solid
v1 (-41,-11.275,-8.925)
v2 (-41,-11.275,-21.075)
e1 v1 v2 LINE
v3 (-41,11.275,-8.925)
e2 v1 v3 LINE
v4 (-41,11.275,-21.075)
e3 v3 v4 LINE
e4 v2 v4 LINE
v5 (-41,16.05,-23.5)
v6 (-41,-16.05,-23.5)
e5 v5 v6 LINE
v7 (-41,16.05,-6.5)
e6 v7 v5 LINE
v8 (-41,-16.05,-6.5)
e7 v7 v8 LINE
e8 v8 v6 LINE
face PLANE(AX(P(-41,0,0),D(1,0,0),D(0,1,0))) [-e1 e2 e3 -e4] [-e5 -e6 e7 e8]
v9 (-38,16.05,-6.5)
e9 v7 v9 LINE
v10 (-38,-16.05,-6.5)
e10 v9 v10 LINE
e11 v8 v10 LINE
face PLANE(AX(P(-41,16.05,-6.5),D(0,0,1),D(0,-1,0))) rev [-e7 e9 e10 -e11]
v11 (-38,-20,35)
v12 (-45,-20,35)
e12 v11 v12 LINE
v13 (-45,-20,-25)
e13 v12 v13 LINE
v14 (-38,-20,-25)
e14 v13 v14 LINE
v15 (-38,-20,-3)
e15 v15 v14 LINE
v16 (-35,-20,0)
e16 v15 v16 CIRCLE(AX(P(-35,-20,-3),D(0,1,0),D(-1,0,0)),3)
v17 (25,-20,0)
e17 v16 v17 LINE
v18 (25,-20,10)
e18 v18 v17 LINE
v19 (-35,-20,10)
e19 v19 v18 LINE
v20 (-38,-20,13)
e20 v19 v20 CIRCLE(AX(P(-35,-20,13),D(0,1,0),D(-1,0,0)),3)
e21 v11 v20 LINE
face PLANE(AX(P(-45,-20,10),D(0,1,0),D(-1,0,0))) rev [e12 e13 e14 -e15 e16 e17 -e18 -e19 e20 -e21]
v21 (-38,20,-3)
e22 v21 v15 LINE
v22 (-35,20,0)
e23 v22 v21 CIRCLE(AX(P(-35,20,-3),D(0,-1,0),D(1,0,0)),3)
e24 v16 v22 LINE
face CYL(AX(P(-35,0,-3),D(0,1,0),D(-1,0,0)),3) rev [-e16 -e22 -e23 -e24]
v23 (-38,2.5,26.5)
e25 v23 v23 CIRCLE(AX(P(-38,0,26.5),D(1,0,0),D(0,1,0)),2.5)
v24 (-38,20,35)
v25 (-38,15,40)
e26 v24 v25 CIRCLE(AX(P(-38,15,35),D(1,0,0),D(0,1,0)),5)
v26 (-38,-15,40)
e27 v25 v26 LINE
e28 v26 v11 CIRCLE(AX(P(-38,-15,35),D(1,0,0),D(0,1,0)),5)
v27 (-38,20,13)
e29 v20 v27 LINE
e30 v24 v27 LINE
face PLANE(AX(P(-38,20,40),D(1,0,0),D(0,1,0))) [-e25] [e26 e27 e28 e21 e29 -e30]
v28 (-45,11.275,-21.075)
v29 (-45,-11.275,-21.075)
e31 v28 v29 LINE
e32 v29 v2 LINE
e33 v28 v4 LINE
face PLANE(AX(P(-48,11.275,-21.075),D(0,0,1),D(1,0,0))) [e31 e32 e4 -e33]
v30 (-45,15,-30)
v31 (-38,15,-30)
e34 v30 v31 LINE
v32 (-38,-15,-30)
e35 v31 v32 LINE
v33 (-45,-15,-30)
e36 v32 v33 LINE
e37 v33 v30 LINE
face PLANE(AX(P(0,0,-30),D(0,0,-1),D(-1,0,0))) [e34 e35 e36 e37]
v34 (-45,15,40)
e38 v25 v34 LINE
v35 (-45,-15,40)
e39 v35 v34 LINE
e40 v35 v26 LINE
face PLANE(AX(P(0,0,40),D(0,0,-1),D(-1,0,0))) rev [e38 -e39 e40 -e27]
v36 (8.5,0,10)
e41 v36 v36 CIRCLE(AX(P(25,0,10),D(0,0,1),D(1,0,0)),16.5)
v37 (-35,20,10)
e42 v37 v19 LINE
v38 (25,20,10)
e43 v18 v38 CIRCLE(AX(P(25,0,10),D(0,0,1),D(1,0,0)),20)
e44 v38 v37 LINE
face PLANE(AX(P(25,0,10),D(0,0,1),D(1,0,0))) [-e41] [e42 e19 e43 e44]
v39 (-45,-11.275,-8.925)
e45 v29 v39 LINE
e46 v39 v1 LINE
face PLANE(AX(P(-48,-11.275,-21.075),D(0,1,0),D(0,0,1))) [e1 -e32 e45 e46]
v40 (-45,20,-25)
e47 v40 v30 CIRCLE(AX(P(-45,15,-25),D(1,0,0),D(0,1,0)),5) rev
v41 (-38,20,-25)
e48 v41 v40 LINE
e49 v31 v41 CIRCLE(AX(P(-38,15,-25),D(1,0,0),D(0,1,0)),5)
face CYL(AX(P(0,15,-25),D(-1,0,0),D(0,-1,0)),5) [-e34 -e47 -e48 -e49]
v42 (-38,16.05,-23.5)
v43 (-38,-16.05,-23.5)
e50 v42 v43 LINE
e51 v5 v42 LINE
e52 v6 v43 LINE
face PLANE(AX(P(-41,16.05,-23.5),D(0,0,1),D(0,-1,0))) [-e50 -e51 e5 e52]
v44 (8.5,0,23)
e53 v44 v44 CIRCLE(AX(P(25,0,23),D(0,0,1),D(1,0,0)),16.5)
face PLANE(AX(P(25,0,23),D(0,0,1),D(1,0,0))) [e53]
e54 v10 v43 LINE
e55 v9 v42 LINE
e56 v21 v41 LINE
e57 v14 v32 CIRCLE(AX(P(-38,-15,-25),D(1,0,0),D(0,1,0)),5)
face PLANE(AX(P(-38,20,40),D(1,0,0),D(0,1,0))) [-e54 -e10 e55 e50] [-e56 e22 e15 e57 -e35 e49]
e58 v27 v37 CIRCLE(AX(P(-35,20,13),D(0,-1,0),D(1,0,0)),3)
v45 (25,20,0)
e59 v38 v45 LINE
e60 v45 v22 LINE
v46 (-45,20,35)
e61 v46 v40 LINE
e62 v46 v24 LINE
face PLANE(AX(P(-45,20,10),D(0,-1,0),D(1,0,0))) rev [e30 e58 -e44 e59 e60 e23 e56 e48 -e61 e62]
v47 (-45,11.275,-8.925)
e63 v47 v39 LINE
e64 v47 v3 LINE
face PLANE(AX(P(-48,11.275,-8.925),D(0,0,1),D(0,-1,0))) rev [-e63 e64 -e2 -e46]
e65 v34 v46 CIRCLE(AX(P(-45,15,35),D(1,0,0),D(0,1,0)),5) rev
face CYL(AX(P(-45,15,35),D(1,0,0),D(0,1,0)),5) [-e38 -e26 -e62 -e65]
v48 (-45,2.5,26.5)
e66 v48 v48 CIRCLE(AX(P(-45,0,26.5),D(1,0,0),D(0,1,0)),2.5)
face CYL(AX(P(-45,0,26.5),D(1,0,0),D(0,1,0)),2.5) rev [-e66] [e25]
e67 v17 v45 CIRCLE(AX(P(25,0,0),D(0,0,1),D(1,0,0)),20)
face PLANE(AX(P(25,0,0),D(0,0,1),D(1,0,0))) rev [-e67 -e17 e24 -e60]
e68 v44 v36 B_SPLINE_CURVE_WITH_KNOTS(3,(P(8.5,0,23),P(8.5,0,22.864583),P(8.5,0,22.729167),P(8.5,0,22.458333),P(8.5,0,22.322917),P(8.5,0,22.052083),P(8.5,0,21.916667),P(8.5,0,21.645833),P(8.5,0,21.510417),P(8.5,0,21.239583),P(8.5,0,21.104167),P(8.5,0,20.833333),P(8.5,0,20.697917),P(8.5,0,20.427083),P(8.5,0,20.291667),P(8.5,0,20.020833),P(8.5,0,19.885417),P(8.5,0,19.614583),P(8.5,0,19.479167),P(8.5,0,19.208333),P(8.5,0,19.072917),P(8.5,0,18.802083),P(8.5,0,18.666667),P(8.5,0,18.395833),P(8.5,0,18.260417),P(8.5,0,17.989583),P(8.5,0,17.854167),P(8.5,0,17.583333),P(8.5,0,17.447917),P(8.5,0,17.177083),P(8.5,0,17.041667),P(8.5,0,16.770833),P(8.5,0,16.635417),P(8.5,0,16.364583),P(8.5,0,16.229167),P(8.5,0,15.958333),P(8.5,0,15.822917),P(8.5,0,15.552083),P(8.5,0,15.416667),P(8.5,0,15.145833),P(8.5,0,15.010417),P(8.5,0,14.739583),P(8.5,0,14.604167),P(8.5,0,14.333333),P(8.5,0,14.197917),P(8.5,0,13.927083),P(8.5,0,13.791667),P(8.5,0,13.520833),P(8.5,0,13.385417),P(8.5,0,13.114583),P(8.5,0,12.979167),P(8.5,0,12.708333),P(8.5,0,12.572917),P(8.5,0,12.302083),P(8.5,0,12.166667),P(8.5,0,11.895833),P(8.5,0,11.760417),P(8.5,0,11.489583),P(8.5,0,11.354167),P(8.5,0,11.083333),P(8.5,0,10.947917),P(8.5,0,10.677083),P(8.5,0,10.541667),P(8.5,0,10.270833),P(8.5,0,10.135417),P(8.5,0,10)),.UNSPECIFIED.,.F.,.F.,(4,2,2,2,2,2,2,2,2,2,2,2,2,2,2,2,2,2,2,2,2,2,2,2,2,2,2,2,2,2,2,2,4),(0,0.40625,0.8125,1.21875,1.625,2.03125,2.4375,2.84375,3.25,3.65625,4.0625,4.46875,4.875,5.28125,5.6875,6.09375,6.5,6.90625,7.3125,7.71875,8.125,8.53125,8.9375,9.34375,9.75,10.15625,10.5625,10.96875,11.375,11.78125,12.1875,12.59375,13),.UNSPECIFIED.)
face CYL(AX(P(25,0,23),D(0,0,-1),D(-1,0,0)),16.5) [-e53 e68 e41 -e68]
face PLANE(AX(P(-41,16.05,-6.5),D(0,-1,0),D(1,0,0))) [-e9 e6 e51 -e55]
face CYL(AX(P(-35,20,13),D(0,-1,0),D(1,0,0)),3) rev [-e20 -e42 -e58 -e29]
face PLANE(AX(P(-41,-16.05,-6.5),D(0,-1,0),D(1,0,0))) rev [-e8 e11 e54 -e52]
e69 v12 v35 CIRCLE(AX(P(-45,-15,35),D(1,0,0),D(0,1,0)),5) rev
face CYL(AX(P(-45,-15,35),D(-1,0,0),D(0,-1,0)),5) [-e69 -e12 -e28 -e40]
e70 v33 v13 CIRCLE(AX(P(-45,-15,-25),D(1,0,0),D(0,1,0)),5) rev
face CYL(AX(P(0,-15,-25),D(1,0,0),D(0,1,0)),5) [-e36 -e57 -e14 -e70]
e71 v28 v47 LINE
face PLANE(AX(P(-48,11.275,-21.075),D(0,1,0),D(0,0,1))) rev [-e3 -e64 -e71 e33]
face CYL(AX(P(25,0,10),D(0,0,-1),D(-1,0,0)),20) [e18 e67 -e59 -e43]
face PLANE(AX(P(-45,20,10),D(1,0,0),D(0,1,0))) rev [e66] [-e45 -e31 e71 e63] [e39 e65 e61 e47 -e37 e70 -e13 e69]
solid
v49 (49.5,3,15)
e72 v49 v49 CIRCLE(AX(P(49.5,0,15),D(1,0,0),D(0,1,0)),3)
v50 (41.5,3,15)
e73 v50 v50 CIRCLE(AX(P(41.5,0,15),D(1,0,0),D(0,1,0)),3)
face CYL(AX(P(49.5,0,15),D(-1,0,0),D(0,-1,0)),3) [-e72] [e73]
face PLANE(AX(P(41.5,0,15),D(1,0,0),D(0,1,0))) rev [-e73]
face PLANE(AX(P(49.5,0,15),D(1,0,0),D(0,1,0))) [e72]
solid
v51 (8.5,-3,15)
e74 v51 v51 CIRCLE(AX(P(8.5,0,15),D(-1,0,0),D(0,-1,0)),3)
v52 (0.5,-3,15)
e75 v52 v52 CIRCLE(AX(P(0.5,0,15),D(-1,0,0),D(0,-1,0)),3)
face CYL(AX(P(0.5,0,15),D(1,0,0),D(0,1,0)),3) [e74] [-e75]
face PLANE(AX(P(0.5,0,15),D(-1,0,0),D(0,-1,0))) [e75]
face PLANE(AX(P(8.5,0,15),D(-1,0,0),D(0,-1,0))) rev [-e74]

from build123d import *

# Parameters (mm, degrees)
BOSS_EXTRUDE1_DEPTH      = 10
BOSS_EXTRUDE2_DEPTH      = 30
BOSS_EXTRUDE2_DEPTH_BACK = 40
SKETCH2_W                = 7
SKETCH2_H                = 40
SKETCH3_R                = 16.5
BOSS_EXTRUDE3_DEPTH      = 13
SKETCH4_W                = 12.15
SKETCH4_H                = 22.55
CUT_EXTRUDE1_DEPTH       = 10
SKETCH4_3_W              = 17
SKETCH4_3_H              = 32.1
CUT_EXTRUDE2_DEPTH       = 3
FILLET1_R                = 3
FILLET2_R                = 5
SKETCH5_R                = 3
BOSS_EXTRUDE4_DEPTH      = 8
CIRPATTERN3_COUNT        = 2
CIRPATTERN3_ANGLE        = 180
SKETCH6_R                = 2.5
CUT_EXTRUDE3_DEPTH       = 7


with BuildPart() as part:
    # Sketch1 → Boss-Extrude1 (new body)
    with BuildSketch(Plane.XY):
        with BuildLine():
            Line((-45, 20), (25, 20))
            ThreePointArc((25, 20), (45, 0), (25, -20))
            Line((25, -20), (-45, -20))
            Line((-45, -20), (-45, 20))
        make_face()
    extrude(amount=BOSS_EXTRUDE1_DEPTH)

    # Sketch2 → Boss-Extrude2 (add, two sides: drawn at the far end of the back side and taken through both)
    with BuildSketch(Plane(origin=(0, 0, 0), x_dir=(-1, 0, 0), z_dir=(0, 0, -1)).offset(-BOSS_EXTRUDE2_DEPTH_BACK)):
        with Locations((41.5, 0)):
            Rectangle(SKETCH2_W, SKETCH2_H)
    extrude(amount=BOSS_EXTRUDE2_DEPTH + BOSS_EXTRUDE2_DEPTH_BACK)

    # Sketch3 → Boss-Extrude3 (add)
    with BuildSketch(Plane.XY.offset(10)):
        with Locations((25, 0)):
            Circle(SKETCH3_R)
    extrude(amount=BOSS_EXTRUDE3_DEPTH)

    # Sketch4 → Cut-Extrude1 (cut)
    with BuildSketch(Plane(origin=(-38, 0, 0), x_dir=(0, 0, -1), z_dir=(1, 0, 0))):
        with Locations((15, 0)):
            Rectangle(SKETCH4_W, SKETCH4_H)
    extrude(amount=-CUT_EXTRUDE1_DEPTH, mode=Mode.SUBTRACT)

    # Sketch4<3> → Cut-Extrude2 (cut)
    with BuildSketch(Plane(origin=(-38, 0, 0), x_dir=(0, 0, -1), z_dir=(1, 0, 0))):
        with Locations((15, 0)):
            Rectangle(SKETCH4_3_W, SKETCH4_3_H)
    extrude(amount=-CUT_EXTRUDE2_DEPTH, mode=Mode.SUBTRACT)

    # Fillet1
    fillet1_edges = [part.edges().sort_by_distance(p)[0] for p in [
        (-38, 0, 10),
        (-38, 0, 0),
    ]]
    fillet(fillet1_edges, radius=FILLET1_R)

    # Fillet2
    fillet2_edges = [part.edges().sort_by_distance(p)[0] for p in [
        (-41.5, -20, 40),
        (-41.5, 20, 40),
        (-41.5, -20, -30),
        (-41.5, 20, -30),
    ]]
    fillet(fillet2_edges, radius=FILLET2_R)

    # Sketch6 → Cut-Extrude3 (cut)
    with BuildSketch(Plane(origin=(-38, 0, 0), x_dir=(0, 0, -1), z_dir=(1, 0, 0))):
        with Locations((-26.5, 0)):
            Circle(SKETCH6_R)
    extrude(amount=-CUT_EXTRUDE3_DEPTH, mode=Mode.SUBTRACT)


with BuildPart() as body_2:
    # Sketch5 → Boss-Extrude4 (new body)
    with BuildSketch(Plane(origin=(41.5, 0, 0), x_dir=(0, 0, -1), z_dir=(1, 0, 0))):
        with Locations((-15, 0)):
            Circle(SKETCH5_R)
    extrude(amount=BOSS_EXTRUDE4_DEPTH)


with BuildPart() as cirpattern3_1:
    # CirPattern3: pattern copy
    add(body_2.part.rotate(Axis((25, 0, 23), (0, 0, -1)), 1 * CIRPATTERN3_ANGLE / (CIRPATTERN3_COUNT - 1)))


solid = Compound([part.part, body_2.part, cirpattern3_1.part])
